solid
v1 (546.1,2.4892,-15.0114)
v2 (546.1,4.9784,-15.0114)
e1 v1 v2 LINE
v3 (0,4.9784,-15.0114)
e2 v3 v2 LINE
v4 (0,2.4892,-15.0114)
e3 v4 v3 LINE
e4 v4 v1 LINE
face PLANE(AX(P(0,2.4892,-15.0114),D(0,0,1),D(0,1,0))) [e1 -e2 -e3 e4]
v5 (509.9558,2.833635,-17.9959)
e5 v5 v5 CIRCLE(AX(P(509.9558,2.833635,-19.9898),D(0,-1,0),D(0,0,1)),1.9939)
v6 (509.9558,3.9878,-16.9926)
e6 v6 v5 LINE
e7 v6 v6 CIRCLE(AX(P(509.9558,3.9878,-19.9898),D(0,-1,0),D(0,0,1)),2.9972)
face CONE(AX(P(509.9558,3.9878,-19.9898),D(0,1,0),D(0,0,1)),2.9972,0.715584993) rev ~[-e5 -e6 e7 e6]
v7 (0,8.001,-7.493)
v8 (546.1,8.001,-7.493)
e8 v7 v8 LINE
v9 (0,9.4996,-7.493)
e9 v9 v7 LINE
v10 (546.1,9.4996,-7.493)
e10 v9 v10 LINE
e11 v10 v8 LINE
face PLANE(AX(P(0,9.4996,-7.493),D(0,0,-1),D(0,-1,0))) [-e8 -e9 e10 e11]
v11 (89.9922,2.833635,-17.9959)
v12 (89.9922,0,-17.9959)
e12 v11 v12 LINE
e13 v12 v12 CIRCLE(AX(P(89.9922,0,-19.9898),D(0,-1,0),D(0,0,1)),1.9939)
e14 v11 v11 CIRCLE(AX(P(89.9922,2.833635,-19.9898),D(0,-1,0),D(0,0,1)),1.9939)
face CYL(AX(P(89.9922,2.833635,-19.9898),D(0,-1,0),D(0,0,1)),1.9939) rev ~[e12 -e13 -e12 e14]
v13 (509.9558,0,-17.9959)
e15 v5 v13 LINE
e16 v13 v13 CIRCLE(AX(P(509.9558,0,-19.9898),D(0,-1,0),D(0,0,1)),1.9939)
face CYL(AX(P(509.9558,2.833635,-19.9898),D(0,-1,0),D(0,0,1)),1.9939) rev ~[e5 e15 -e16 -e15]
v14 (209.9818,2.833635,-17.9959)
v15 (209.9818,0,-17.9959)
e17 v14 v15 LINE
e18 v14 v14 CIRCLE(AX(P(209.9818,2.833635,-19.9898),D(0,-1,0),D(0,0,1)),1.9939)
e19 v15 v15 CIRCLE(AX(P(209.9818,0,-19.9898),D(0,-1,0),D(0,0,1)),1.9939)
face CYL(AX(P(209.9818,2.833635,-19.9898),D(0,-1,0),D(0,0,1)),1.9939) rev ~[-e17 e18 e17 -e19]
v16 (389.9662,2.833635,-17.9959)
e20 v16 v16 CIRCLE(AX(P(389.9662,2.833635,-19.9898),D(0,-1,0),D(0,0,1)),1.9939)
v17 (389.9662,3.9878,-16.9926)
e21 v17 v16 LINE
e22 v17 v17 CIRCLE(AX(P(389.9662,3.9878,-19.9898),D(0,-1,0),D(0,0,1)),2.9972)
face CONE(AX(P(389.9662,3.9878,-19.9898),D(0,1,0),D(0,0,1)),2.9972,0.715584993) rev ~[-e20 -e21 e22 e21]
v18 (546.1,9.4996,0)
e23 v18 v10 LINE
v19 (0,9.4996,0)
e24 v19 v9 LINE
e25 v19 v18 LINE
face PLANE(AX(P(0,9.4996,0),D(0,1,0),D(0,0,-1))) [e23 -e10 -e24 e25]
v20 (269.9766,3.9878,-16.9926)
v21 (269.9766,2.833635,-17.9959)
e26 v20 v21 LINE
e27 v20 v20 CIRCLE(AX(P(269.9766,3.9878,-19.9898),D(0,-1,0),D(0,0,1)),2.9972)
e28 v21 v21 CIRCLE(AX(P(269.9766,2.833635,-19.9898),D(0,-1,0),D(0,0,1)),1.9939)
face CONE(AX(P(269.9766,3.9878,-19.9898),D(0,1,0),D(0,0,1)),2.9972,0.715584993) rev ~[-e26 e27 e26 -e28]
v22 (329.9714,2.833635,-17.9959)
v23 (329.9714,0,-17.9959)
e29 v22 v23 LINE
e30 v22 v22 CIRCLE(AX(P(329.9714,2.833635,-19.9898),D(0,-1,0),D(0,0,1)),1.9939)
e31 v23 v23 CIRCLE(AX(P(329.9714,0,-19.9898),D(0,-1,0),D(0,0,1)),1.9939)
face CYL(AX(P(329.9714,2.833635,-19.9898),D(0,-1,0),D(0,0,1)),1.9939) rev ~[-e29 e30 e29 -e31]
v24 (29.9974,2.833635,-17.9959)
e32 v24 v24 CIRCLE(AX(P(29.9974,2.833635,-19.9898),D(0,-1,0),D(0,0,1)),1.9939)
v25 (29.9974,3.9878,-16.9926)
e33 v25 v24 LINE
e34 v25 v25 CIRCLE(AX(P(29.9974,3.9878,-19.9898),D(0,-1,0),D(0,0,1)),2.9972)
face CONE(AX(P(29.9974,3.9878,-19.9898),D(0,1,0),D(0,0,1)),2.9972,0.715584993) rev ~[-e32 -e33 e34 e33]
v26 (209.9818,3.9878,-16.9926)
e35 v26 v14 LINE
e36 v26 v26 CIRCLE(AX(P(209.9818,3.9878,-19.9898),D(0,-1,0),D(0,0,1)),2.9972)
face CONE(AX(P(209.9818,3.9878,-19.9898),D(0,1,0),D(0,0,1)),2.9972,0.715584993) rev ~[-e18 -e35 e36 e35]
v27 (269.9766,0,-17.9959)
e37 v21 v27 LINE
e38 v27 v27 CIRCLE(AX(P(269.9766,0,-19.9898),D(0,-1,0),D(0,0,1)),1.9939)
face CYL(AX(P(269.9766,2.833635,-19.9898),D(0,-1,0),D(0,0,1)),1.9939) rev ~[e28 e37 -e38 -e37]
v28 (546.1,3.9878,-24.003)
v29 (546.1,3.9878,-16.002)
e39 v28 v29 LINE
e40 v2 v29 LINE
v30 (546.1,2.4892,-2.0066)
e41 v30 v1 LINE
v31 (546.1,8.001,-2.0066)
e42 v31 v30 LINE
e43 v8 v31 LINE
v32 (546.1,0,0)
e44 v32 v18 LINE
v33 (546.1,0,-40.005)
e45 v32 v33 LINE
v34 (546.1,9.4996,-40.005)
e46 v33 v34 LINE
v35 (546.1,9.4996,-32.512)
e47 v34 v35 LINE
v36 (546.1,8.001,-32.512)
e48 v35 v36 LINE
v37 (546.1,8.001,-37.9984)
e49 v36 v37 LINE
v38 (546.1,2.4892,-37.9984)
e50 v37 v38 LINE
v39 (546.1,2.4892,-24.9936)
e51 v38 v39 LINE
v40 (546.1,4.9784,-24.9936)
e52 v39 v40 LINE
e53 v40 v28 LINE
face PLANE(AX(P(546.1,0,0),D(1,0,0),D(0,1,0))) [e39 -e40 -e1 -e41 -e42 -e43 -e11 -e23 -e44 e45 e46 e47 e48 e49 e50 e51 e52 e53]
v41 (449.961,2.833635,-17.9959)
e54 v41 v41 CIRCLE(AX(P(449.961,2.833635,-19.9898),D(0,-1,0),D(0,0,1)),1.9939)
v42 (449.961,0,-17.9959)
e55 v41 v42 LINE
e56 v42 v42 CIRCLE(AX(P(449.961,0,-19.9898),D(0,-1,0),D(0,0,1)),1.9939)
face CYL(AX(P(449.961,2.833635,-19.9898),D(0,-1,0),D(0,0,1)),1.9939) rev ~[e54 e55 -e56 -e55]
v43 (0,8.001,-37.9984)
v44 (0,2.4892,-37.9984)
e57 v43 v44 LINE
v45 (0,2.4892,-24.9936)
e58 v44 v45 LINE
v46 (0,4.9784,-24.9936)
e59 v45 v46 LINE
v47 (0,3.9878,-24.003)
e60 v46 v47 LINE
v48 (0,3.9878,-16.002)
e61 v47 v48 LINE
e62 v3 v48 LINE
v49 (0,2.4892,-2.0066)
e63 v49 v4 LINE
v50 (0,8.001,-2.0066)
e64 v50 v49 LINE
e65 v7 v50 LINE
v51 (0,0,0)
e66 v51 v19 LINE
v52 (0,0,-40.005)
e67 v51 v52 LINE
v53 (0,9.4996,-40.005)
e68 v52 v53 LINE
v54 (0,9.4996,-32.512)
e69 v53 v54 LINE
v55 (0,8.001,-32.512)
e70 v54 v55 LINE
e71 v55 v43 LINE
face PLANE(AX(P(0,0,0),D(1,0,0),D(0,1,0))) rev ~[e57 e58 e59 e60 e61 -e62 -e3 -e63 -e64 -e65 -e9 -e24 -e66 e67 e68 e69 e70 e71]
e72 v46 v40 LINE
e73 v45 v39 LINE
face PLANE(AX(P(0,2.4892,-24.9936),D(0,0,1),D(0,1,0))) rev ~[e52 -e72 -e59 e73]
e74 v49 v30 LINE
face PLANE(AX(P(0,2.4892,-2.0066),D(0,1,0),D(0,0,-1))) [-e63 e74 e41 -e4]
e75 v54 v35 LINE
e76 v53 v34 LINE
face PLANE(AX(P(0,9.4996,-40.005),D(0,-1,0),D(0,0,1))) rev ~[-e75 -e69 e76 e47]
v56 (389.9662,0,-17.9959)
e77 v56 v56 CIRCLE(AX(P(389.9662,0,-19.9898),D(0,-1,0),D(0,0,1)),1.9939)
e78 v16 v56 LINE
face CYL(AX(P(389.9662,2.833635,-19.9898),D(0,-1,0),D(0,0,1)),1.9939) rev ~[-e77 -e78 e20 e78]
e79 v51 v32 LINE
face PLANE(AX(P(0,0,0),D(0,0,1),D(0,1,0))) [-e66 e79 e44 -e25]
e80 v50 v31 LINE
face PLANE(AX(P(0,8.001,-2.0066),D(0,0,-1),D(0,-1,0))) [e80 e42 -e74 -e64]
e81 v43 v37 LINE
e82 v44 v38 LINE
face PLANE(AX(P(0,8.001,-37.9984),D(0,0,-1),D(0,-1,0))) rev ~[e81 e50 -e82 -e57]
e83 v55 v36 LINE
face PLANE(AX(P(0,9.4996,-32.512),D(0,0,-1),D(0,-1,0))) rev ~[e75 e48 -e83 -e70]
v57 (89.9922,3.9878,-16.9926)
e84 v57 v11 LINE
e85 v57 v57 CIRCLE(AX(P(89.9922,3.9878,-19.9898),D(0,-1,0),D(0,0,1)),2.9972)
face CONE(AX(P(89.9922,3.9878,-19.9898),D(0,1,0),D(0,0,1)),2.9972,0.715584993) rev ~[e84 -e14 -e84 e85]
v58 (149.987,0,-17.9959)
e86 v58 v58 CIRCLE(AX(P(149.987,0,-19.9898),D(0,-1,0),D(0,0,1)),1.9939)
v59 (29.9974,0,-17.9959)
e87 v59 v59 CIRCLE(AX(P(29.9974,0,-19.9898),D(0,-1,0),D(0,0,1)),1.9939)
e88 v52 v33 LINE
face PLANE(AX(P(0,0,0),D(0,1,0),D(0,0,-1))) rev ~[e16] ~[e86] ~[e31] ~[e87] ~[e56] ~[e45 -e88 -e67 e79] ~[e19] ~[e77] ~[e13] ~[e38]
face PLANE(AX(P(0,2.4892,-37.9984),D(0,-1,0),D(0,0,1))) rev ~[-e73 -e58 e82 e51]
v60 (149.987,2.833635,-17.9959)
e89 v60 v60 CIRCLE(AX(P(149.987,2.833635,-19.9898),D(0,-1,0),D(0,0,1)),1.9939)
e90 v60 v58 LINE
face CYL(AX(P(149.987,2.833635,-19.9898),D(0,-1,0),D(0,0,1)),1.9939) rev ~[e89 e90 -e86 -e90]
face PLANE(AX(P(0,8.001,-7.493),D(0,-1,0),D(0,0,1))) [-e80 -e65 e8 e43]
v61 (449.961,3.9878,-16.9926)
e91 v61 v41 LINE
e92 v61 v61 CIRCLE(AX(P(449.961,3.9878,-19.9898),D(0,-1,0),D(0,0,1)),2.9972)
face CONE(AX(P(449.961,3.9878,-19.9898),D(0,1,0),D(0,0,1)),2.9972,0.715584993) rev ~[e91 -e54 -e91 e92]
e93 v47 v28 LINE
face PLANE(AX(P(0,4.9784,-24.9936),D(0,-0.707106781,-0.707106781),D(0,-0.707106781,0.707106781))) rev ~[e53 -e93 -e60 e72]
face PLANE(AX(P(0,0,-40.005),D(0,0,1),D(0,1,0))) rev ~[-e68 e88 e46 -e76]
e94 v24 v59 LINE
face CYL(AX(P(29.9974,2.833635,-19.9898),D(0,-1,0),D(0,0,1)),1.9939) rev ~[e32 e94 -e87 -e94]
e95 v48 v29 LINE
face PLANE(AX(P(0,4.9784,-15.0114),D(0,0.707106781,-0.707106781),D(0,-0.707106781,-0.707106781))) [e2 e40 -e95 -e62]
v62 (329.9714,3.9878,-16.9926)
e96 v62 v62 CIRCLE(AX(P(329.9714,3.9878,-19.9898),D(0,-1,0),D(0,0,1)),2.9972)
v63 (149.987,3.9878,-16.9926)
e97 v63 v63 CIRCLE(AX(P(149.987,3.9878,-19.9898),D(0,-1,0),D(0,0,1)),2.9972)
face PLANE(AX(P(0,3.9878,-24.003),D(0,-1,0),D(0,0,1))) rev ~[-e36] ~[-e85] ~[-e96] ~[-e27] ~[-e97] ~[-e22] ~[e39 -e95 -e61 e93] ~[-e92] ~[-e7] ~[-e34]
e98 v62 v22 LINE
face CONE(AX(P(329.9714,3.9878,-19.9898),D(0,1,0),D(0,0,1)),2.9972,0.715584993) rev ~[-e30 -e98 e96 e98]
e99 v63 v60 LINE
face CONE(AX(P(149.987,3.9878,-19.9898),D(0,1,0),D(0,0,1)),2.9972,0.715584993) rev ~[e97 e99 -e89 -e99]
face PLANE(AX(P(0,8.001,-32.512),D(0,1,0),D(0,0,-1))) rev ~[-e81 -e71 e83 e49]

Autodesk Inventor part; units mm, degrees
ref_plane "YZ Plane" through (0, 0, 0) normal (1, 0, 0) x (0, 1, 0)
ref_plane "XZ Plane" through (0, 0, 0) normal (0, 1, 0) x (-1, 0, 0)
ref_plane "XY Plane" through (0, 0, 0) normal (0, 0, 1) x (1, 0, 0)
sketch "Sketch1" plane through (0, 0, 0) normal (1, 0, 0) x (0, 1, 0)
  line L0 (0, 0) -> (0, -40.005)
  line L1 (0, -40.005) -> (9.4996, -40.005)
  line L2 (0, 0) -> (9.4996, 0)
  line L3 (9.4996, 0) -> (9.4996, -7.493)
  line L4 (9.4996, 0) -> (16.9926, 0) construction
  line L5 (9.4996, -40.005) -> (9.4996, -32.512)
  line L6 (9.4996, -40.005) -> (16.9926, -40.005) construction
  line L7 (9.4996, -7.493) -> (8.001, -7.493)
  line L8 (9.4996, -32.512) -> (8.001, -32.512)
  line L9 (9.4996, -32.512) -> (10.9982, -32.512) construction
  line L10 (8.001, -7.493) -> (8.001, -2.0066)
  line L11 (8.001, -7.493) -> (13.4874, -7.493) construction
  line L12 (8.001, -32.512) -> (8.001, -37.9984)
  line L13 (8.001, -32.512) -> (13.4874, -32.512) construction
  line L14 (8.001, -2.0066) -> (2.4892, -2.0066)
  line L15 (2.4892, -2.0066) -> (2.4892, -15.0114)
  line L16 (2.4892, -15.0114) -> (4.9784, -15.0114)
  line L17 (8.001, -37.9984) -> (2.4892, -37.9984)
  line L18 (8.001, -37.9984) -> (13.5128, -37.9984) construction
  line L19 (2.4892, -37.9984) -> (2.4892, -24.9936)
  line L20 (2.4892, -24.9936) -> (4.9784, -24.9936)
  line L21 (4.9784, -15.0114) -> (3.9878, -15.0114) construction
  line L22 (3.9878, -15.0114) -> (3.9878, -24.9936) construction
  line L23 (4.9784, -15.0114) -> (3.9878, -16.002)
  line L24 (4.9784, -15.0114) -> (6.3793, -15.0114) construction
  line L25 (4.9784, -24.9936) -> (3.9878, -24.003)
  line L26 (4.9784, -24.9936) -> (6.3793, -24.9936) construction
  line L27 (3.9878, -24.003) -> (3.9878, -16.002)
  dimension "d0" = 40.005
  dimension "d1" = 9.4996
  dimension "d2" = 9.4996
  dimension "d3" = 7.493
  dimension "d4" = 90
  dimension "d5" = 7.493
  dimension "d6" = 90
  dimension "d7" = 1.4986
  dimension "d8" = 1.4986
  dimension "d9" = 180
  dimension "d10" = 5.4864
  dimension "d11" = 90
  dimension "d12" = 5.4864
  dimension "d13" = 90
  dimension "d22" = 5.5118
  dimension "d23" = 13.0048
  dimension "d24" = 2.4892
  dimension "d25" = 90
  dimension "d26" = 5.5118
  dimension "d27" = 180
  dimension "d28" = 13.0048
  dimension "d29" = 90
  dimension "d30" = 2.4892
  dimension "d31" = 90
  dimension "d32" = 0.9906
  dimension "d33" = 135
  dimension "d34" = 135
extrude "Extrusion1" add sketch "Sketch1" along normal blind 546.1
sketch "Sketch2" plane through (0, 3.9878, -16.002) normal (0, 1, 0) x (1, 0, 0)
  line L0 (0, 8.001) -> (0, 0) projected
  line L1 (0, 0) -> (546.1, 0) projected
  line L2 (546.1, 8.001) -> (546.1, 0) projected
  line L3 (0, 8.001) -> (546.1, 8.001) projected
  point P0 (0, -16.002)
  point P1 (29.9974, 3.9878)
  dimension "d37" = 29.9974
  dimension "d38" = 3.9878
hole "Hole1" at (29.9974, 3.9878, -19.9898) direction (0, -1, 0) diameter 3.9878 end through all countersink diameter 5.9944 countersink angle 82
pattern_linear "Rectangular Pattern1" count 9 spacing 59.9948 along (1, 0, 0) of "Hole1"
properties part number "aluminum slider"
